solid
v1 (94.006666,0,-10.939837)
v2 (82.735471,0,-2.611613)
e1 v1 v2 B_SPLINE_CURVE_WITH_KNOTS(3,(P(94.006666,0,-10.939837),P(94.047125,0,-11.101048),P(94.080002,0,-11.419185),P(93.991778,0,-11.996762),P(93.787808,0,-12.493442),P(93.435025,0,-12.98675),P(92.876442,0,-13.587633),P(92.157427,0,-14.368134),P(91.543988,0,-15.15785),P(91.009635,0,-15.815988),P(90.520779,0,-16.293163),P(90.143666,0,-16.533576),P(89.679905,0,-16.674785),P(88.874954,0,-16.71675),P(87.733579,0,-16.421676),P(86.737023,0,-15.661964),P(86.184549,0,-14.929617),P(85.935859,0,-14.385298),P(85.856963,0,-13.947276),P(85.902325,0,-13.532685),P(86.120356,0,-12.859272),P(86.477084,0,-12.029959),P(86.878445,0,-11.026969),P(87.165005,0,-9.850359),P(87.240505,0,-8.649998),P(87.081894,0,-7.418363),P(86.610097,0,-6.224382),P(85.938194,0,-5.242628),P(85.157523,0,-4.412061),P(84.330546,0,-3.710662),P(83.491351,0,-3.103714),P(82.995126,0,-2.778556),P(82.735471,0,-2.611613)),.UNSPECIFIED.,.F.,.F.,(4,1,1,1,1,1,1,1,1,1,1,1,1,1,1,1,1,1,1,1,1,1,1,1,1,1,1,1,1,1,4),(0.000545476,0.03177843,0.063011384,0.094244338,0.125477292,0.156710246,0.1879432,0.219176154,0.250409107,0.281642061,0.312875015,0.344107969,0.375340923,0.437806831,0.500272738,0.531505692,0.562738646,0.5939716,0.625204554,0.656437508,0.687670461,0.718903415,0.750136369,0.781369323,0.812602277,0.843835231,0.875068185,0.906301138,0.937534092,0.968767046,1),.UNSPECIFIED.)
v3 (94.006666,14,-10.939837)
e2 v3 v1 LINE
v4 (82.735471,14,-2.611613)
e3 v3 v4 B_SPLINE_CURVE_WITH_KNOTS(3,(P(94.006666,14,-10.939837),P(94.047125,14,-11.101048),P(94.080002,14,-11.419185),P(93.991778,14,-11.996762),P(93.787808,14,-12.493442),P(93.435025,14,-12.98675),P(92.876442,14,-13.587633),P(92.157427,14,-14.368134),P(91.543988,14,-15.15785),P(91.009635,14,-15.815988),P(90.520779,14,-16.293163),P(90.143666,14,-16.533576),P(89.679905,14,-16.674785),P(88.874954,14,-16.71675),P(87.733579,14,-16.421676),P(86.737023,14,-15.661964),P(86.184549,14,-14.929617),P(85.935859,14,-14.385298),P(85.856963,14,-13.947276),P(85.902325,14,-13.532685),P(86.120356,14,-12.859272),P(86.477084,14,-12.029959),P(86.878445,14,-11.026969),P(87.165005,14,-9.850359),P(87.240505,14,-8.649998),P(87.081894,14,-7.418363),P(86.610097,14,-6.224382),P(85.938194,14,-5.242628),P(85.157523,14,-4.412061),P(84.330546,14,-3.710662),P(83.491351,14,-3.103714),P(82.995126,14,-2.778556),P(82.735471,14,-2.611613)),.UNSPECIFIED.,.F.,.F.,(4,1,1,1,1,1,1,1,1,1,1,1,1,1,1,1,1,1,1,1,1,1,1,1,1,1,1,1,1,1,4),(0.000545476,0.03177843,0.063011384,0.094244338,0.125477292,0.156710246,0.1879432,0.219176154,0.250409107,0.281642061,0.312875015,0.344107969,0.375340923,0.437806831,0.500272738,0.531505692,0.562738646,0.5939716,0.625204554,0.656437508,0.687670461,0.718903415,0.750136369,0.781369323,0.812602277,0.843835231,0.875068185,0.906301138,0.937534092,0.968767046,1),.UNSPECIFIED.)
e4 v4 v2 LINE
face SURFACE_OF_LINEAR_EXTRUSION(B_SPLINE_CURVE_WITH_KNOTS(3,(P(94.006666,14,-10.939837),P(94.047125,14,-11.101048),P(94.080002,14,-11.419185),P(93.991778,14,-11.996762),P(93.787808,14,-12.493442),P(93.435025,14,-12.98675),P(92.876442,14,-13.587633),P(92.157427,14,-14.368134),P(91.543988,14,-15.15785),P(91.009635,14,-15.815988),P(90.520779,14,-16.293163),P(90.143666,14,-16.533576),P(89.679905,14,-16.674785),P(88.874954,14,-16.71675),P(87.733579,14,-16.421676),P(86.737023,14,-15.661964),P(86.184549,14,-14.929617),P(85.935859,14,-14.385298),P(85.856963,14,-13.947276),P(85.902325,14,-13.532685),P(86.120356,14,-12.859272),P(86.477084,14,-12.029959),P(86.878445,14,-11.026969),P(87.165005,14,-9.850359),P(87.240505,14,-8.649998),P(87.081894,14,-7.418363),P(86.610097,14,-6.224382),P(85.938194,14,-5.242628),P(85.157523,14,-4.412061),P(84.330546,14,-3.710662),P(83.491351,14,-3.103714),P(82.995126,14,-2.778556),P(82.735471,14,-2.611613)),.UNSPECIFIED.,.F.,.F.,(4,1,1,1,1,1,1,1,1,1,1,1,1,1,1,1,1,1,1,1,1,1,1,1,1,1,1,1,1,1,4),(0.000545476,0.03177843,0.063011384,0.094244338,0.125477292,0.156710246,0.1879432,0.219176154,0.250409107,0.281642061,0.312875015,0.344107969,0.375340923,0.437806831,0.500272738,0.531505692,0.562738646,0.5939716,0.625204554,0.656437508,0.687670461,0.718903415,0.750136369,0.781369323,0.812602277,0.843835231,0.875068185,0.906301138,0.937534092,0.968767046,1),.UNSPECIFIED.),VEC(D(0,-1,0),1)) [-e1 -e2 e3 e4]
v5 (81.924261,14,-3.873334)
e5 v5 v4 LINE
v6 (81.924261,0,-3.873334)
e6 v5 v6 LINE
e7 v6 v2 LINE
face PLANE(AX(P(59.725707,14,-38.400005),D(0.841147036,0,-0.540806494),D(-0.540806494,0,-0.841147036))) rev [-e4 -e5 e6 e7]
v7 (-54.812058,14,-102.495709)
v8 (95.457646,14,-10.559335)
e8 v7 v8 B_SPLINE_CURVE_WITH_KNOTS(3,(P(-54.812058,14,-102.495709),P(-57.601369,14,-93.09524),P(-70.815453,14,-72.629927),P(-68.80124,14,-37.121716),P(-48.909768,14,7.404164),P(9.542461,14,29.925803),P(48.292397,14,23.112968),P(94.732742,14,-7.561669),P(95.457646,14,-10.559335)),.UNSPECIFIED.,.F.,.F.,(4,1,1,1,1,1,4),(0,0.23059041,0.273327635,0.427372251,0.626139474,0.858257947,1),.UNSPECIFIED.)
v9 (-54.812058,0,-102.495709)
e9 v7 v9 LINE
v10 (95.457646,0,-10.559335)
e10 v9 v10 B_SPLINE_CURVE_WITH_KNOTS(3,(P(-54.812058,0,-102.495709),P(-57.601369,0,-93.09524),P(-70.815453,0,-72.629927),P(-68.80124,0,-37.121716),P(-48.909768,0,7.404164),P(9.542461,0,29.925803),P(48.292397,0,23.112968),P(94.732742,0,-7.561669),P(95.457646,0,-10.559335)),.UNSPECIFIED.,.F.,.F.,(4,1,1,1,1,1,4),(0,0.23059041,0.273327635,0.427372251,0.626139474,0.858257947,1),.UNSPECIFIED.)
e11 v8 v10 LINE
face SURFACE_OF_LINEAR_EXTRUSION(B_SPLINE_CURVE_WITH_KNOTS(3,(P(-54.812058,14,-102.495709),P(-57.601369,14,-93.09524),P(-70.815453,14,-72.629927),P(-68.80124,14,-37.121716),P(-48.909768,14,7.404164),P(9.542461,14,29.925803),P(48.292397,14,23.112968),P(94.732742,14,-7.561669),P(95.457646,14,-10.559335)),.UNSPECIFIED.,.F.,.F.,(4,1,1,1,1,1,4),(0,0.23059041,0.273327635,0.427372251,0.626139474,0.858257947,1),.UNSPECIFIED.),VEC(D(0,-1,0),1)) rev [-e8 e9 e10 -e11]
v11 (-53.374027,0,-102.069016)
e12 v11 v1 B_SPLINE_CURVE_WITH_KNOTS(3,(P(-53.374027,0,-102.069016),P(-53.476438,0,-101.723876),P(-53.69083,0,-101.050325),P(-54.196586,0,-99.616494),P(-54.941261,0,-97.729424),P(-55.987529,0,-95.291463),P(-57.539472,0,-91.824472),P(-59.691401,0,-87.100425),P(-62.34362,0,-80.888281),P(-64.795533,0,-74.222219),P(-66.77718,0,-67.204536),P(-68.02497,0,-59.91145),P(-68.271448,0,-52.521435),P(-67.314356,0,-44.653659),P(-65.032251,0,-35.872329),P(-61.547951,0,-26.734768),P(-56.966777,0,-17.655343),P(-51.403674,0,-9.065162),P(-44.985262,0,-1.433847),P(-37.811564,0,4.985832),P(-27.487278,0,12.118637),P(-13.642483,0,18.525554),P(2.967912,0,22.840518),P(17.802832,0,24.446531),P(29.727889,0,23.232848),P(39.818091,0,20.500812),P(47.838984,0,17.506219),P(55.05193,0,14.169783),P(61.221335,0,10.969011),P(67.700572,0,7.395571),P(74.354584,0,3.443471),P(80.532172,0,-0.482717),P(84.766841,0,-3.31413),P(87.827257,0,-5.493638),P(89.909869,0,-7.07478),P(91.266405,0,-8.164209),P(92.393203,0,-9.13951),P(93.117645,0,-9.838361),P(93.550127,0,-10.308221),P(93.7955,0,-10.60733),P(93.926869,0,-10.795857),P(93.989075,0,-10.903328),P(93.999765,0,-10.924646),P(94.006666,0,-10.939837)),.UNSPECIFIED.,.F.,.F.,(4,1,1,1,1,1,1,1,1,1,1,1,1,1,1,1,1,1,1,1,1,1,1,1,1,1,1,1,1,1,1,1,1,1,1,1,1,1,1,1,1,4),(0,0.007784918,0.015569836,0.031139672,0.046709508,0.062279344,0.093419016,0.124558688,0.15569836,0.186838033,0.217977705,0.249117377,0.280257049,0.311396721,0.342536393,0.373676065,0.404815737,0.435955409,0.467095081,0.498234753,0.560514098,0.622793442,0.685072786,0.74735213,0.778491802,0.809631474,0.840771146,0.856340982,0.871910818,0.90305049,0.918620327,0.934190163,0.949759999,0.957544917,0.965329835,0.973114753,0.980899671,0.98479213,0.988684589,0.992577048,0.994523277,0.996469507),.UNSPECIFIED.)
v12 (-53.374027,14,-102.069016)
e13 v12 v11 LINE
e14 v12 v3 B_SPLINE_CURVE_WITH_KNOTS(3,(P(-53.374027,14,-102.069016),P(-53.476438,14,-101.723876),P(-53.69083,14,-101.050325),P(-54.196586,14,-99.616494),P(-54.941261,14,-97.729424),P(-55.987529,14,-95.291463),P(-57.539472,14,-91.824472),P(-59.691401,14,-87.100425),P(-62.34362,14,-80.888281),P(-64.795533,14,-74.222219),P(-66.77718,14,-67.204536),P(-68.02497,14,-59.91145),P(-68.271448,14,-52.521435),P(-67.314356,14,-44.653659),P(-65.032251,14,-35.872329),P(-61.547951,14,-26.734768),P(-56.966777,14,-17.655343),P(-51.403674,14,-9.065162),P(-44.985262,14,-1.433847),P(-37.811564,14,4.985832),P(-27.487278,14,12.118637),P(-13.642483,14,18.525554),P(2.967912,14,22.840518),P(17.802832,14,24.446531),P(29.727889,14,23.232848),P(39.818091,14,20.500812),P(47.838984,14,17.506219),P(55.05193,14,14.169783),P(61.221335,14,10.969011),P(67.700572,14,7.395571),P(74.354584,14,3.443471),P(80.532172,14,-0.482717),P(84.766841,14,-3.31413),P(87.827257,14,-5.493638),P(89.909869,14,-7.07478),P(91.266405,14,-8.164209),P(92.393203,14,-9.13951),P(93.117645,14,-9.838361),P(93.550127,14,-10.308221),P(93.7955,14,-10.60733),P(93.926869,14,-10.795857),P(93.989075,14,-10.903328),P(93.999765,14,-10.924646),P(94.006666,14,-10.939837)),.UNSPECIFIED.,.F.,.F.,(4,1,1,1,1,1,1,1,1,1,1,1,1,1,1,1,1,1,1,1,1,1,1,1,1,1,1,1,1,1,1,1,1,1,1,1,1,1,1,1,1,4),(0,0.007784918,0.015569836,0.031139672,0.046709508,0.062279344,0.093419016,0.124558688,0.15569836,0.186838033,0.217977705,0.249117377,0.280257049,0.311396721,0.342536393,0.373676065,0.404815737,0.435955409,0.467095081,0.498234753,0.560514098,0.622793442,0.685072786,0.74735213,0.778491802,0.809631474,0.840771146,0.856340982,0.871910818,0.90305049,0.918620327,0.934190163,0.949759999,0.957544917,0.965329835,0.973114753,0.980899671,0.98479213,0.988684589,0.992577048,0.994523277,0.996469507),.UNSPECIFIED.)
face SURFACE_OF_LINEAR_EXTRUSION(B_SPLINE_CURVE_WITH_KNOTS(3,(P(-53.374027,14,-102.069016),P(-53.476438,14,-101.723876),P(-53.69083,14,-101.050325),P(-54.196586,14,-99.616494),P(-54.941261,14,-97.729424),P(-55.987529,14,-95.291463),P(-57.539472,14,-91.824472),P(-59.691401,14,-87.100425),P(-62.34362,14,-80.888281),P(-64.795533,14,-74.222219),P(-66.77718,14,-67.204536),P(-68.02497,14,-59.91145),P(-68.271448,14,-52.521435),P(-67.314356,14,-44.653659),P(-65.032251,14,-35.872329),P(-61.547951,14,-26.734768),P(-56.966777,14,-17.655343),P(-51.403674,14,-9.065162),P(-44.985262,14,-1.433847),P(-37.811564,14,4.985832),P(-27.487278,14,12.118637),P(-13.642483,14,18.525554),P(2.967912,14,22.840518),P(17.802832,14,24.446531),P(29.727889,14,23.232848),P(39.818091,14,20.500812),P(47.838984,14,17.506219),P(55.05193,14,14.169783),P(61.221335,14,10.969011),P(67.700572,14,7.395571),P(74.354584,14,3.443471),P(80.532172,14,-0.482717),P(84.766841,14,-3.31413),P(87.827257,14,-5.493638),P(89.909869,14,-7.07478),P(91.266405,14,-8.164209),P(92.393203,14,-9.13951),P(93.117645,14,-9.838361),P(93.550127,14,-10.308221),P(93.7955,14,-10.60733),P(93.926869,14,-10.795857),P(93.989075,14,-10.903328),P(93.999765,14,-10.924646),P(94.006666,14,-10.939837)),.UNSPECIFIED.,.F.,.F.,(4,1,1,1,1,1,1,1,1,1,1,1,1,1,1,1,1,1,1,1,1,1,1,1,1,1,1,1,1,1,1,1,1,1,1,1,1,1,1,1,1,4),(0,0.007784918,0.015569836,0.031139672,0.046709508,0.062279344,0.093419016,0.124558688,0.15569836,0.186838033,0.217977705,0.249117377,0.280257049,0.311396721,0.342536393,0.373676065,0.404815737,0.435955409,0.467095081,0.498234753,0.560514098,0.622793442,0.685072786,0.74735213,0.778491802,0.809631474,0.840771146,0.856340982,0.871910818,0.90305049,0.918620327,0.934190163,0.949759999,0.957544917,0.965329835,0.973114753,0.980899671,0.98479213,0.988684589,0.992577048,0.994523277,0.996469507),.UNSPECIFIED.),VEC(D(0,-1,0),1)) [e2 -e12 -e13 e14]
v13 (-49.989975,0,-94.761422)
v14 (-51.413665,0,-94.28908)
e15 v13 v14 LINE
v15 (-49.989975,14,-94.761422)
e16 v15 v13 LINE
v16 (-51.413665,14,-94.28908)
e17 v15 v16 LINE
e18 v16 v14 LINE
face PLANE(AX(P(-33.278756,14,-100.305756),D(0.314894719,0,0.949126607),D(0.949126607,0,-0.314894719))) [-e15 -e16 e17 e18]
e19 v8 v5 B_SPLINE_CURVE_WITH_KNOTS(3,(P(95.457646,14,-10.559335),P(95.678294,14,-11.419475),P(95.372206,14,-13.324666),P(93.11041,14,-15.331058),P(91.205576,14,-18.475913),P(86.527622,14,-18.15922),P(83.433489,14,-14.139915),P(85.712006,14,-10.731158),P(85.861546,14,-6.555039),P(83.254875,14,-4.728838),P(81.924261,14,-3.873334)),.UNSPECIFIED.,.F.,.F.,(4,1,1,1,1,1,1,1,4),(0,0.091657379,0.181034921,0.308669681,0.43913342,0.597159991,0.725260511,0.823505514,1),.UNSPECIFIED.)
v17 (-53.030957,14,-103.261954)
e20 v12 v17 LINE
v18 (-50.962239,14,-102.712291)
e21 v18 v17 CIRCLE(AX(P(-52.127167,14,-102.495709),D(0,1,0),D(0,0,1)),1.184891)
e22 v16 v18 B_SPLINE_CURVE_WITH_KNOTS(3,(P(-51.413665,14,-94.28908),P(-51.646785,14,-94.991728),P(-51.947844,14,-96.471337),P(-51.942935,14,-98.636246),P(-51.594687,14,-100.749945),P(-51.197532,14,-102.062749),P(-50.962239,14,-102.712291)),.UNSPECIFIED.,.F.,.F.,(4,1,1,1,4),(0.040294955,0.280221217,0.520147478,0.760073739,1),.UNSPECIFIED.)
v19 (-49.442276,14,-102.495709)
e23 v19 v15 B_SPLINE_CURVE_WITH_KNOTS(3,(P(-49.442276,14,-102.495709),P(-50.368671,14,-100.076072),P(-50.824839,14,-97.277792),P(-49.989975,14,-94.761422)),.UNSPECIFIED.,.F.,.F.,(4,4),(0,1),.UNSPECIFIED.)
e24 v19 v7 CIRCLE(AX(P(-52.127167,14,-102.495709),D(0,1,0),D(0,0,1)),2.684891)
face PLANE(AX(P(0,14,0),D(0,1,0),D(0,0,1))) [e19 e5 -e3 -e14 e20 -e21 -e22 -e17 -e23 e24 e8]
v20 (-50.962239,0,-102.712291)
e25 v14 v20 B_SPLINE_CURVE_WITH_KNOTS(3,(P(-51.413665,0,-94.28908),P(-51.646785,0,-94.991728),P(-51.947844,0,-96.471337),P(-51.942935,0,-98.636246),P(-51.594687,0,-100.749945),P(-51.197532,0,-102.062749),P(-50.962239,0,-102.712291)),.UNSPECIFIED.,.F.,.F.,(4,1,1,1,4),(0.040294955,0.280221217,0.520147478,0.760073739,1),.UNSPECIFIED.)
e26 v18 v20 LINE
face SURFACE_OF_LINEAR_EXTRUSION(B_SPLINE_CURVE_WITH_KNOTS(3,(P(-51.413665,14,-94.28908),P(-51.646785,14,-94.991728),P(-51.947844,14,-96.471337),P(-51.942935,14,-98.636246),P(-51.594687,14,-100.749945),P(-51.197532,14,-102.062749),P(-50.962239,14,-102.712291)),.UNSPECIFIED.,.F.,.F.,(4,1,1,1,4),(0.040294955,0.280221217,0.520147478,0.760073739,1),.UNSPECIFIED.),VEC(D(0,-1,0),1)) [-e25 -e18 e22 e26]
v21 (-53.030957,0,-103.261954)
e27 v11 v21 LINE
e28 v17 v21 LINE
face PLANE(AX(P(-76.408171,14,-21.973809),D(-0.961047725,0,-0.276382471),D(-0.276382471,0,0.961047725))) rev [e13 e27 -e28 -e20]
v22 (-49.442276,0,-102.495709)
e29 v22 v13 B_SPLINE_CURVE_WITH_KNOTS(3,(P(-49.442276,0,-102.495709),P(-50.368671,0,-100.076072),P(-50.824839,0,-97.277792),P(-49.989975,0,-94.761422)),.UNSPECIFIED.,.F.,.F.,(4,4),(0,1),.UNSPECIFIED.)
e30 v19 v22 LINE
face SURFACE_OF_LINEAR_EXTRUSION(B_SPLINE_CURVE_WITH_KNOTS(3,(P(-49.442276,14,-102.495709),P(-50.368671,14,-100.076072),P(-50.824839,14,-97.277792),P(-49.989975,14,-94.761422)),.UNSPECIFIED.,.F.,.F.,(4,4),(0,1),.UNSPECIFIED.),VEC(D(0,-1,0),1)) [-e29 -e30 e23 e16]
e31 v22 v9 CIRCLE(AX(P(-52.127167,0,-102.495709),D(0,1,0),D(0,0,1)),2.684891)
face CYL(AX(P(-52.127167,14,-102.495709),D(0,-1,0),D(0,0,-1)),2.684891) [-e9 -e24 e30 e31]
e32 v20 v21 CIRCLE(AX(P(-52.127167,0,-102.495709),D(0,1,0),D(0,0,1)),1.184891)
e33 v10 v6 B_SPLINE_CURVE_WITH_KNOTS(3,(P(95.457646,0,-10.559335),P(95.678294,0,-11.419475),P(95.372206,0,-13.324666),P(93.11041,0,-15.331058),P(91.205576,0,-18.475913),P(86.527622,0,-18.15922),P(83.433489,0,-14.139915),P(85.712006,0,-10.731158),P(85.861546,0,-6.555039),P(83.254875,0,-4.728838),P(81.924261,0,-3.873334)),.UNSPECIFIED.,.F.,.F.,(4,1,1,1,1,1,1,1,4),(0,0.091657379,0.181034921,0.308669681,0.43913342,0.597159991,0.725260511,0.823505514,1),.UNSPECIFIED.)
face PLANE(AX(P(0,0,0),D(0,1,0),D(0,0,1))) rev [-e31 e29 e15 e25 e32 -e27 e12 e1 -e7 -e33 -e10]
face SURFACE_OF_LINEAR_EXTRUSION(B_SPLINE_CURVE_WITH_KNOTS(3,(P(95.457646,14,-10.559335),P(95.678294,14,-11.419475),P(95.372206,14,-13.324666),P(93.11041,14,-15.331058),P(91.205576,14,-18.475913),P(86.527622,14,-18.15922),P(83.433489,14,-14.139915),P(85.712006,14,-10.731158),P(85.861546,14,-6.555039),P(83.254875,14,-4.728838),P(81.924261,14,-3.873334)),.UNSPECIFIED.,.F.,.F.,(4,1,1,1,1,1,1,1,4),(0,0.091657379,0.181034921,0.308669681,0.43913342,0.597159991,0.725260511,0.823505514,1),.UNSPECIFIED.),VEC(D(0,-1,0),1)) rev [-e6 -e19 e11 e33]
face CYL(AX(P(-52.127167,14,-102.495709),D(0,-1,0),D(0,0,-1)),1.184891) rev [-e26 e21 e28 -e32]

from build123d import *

# Parameters (mm, degrees)
BOSS_EXTRUDE1_DEPTH = 14


with BuildPart() as part:
    # Sketch1 → Boss-Extrude1 (new body)
    with BuildSketch(Plane(origin=(0, 0, 0), x_dir=(1, 0, 0), z_dir=(0, 1, 0))):
        with BuildLine():
            add(Edge.make_bspline(
                [(94.006665642, 10.939837252), (94.04712513, 11.101048121), (94.080001635, 11.41918493), (93.991777662, 11.996762347), (93.787807963, 12.493442311), (93.435024853, 12.986749788), (92.876442091, 13.587633125), (92.157426654, 14.368134053), (91.543987978, 15.157850091), (91.009634752, 15.815988481), (90.520779009, 16.29316324), (90.143666007, 16.533575964), (89.679905117, 16.674784655), (88.874954008, 16.716749902), (87.733578957, 16.421676062), (86.737022973, 15.661964266), (86.1845488, 14.929616595), (85.935859164, 14.385298389), (85.856963463, 13.947276088), (85.90232533, 13.532684956), (86.120355624, 12.859272184), (86.477084037, 12.029959368), (86.878445199, 11.026969112), (87.165005426, 9.850358921), (87.240505039, 8.649997684), (87.081894139, 7.418363225), (86.610097435, 6.224381863), (85.938194166, 5.24262753), (85.157523267, 4.412061381), (84.330546195, 3.710662094), (83.491351075, 3.103714309), (82.995126164, 2.778555987), (82.735470542, 2.611613181)],
                knots=[0.000545476, 0.000545476, 0.000545476, 0.000545476, 0.03177843, 0.063011384, 0.094244338, 0.125477292, 0.156710246, 0.1879432, 0.219176154, 0.250409107, 0.281642061, 0.312875015, 0.344107969, 0.375340923, 0.437806831, 0.500272738, 0.531505692, 0.562738646, 0.5939716, 0.625204554, 0.656437508, 0.687670461, 0.718903415, 0.750136369, 0.781369323, 0.812602277, 0.843835231, 0.875068185, 0.906301138, 0.937534092, 0.968767046, 1, 1, 1, 1], degree=3))
            Line((82.735470542, 2.611613181), (81.924260801, 3.873333735))
            add(Edge.make_bspline(
                [(95.457646383, 10.559334609), (95.678294013, 11.419474533), (95.372206008, 13.324665847), (93.110410236, 15.331058361), (91.205576207, 18.475913036), (86.527622275, 18.159220098), (83.43348914, 14.13991517), (85.712005839, 10.731158476), (85.861546258, 6.555038865), (83.254874795, 4.728837776), (81.924260801, 3.873333735)],
                knots=[0, 0, 0, 0, 0.091657379, 0.181034921, 0.308669681, 0.43913342, 0.597159991, 0.725260511, 0.823505514, 1, 1, 1, 1], degree=3))
            add(Edge.make_bspline(
                [(-54.812058422, 102.495709451), (-57.601369352, 93.095240259), (-70.815452987, 72.629926609), (-68.801239746, 37.121715581), (-48.909767922, -7.404164104), (9.542461447, -29.925803296), (48.292396622, -23.112968399), (94.732742213, 7.561668649), (95.457646383, 10.559334609)],
                knots=[0, 0, 0, 0, 0.23059041, 0.273327635, 0.427372251, 0.626139474, 0.858257947, 1, 1, 1, 1], degree=3))
            ThreePointArc((-54.812058422, 102.495709451), (-52.127167438, 105.180600436), (-49.442276453, 102.495709451))
            add(Edge.make_bspline(
                [(-49.442276453, 102.495709451), (-50.368670783, 100.076071934), (-50.824839325, 97.277792176), (-49.989975312, 94.761422105)],
                knots=[0, 0, 0, 0, 1, 1, 1, 1], degree=3))
            Line((-49.989975312, 94.761422105), (-51.413665222, 94.289080026))
            add(Edge.make_bspline(
                [(-51.413665222, 94.289080026), (-51.646784966, 94.991728048), (-51.947843686, 96.471336744), (-51.942935035, 98.636246075), (-51.594687008, 100.749944969), (-51.197532108, 102.062748831), (-50.962238736, 102.712291458)],
                knots=[0.040294955, 0.040294955, 0.040294955, 0.040294955, 0.280221217, 0.520147478, 0.760073739, 1, 1, 1, 1], degree=3))
            ThreePointArc((-50.962238736, 102.712291458), (-51.822896639, 103.64086705), (-53.03095697, 103.261954273))
            Line((-53.03095697, 103.261954273), (-53.37402748, 102.069016342))
            add(Edge.make_bspline(
                [(-53.37402748, 102.069016342), (-53.476437788, 101.723875566), (-53.690829709, 101.050324623), (-54.196586291, 99.616494324), (-54.941261355, 97.729423669), (-55.987529151, 95.291462541), (-57.539472301, 91.824472464), (-59.691401248, 87.100425161), (-62.343619988, 80.888280731), (-64.795532586, 74.222218554), (-66.77718046, 67.20453647), (-68.024970481, 59.911449953), (-68.271447981, 52.521435328), (-67.314355933, 44.653659349), (-65.032250758, 35.872329415), (-61.547951087, 26.734768188), (-56.966777323, 17.655342964), (-51.403673908, 9.065162264), (-44.985262437, 1.433847284), (-37.811563564, -4.985831746), (-27.487278247, -12.118636687), (-13.642482821, -18.525554148), (2.967912024, -22.840518157), (17.802831803, -24.446531248), (29.727889044, -23.232848248), (39.818090915, -20.500811996), (47.838984107, -17.506218918), (55.051929803, -14.169782935), (61.22133513, -10.969010774), (67.700572496, -7.395571497), (74.35458379, -3.443471442), (80.532172288, 0.482717186), (84.766841379, 3.314130093), (87.827257036, 5.493637693), (89.909868869, 7.074780187), (91.266404921, 8.164209034), (92.393202797, 9.139510357), (93.117645391, 9.838361049), (93.550127199, 10.308220763), (93.795500226, 10.607330345), (93.926868759, 10.795857352), (93.989074914, 10.90332757), (93.999765162, 10.924646424), (94.006665642, 10.939837252)],
                knots=[0, 0, 0, 0, 0.007784918, 0.015569836, 0.031139672, 0.046709508, 0.062279344, 0.093419016, 0.124558688, 0.15569836, 0.186838033, 0.217977705, 0.249117377, 0.280257049, 0.311396721, 0.342536393, 0.373676065, 0.404815737, 0.435955409, 0.467095081, 0.498234753, 0.560514098, 0.622793442, 0.685072786, 0.74735213, 0.778491802, 0.809631474, 0.840771146, 0.856340982, 0.871910818, 0.90305049, 0.918620327, 0.934190163, 0.949759999, 0.957544917, 0.965329835, 0.973114753, 0.980899671, 0.98479213, 0.988684589, 0.992577048, 0.994523277, 0.996469507, 0.996469507, 0.996469507, 0.996469507], degree=3))
        make_face()
    extrude(amount=BOSS_EXTRUDE1_DEPTH)


solid = part.part
